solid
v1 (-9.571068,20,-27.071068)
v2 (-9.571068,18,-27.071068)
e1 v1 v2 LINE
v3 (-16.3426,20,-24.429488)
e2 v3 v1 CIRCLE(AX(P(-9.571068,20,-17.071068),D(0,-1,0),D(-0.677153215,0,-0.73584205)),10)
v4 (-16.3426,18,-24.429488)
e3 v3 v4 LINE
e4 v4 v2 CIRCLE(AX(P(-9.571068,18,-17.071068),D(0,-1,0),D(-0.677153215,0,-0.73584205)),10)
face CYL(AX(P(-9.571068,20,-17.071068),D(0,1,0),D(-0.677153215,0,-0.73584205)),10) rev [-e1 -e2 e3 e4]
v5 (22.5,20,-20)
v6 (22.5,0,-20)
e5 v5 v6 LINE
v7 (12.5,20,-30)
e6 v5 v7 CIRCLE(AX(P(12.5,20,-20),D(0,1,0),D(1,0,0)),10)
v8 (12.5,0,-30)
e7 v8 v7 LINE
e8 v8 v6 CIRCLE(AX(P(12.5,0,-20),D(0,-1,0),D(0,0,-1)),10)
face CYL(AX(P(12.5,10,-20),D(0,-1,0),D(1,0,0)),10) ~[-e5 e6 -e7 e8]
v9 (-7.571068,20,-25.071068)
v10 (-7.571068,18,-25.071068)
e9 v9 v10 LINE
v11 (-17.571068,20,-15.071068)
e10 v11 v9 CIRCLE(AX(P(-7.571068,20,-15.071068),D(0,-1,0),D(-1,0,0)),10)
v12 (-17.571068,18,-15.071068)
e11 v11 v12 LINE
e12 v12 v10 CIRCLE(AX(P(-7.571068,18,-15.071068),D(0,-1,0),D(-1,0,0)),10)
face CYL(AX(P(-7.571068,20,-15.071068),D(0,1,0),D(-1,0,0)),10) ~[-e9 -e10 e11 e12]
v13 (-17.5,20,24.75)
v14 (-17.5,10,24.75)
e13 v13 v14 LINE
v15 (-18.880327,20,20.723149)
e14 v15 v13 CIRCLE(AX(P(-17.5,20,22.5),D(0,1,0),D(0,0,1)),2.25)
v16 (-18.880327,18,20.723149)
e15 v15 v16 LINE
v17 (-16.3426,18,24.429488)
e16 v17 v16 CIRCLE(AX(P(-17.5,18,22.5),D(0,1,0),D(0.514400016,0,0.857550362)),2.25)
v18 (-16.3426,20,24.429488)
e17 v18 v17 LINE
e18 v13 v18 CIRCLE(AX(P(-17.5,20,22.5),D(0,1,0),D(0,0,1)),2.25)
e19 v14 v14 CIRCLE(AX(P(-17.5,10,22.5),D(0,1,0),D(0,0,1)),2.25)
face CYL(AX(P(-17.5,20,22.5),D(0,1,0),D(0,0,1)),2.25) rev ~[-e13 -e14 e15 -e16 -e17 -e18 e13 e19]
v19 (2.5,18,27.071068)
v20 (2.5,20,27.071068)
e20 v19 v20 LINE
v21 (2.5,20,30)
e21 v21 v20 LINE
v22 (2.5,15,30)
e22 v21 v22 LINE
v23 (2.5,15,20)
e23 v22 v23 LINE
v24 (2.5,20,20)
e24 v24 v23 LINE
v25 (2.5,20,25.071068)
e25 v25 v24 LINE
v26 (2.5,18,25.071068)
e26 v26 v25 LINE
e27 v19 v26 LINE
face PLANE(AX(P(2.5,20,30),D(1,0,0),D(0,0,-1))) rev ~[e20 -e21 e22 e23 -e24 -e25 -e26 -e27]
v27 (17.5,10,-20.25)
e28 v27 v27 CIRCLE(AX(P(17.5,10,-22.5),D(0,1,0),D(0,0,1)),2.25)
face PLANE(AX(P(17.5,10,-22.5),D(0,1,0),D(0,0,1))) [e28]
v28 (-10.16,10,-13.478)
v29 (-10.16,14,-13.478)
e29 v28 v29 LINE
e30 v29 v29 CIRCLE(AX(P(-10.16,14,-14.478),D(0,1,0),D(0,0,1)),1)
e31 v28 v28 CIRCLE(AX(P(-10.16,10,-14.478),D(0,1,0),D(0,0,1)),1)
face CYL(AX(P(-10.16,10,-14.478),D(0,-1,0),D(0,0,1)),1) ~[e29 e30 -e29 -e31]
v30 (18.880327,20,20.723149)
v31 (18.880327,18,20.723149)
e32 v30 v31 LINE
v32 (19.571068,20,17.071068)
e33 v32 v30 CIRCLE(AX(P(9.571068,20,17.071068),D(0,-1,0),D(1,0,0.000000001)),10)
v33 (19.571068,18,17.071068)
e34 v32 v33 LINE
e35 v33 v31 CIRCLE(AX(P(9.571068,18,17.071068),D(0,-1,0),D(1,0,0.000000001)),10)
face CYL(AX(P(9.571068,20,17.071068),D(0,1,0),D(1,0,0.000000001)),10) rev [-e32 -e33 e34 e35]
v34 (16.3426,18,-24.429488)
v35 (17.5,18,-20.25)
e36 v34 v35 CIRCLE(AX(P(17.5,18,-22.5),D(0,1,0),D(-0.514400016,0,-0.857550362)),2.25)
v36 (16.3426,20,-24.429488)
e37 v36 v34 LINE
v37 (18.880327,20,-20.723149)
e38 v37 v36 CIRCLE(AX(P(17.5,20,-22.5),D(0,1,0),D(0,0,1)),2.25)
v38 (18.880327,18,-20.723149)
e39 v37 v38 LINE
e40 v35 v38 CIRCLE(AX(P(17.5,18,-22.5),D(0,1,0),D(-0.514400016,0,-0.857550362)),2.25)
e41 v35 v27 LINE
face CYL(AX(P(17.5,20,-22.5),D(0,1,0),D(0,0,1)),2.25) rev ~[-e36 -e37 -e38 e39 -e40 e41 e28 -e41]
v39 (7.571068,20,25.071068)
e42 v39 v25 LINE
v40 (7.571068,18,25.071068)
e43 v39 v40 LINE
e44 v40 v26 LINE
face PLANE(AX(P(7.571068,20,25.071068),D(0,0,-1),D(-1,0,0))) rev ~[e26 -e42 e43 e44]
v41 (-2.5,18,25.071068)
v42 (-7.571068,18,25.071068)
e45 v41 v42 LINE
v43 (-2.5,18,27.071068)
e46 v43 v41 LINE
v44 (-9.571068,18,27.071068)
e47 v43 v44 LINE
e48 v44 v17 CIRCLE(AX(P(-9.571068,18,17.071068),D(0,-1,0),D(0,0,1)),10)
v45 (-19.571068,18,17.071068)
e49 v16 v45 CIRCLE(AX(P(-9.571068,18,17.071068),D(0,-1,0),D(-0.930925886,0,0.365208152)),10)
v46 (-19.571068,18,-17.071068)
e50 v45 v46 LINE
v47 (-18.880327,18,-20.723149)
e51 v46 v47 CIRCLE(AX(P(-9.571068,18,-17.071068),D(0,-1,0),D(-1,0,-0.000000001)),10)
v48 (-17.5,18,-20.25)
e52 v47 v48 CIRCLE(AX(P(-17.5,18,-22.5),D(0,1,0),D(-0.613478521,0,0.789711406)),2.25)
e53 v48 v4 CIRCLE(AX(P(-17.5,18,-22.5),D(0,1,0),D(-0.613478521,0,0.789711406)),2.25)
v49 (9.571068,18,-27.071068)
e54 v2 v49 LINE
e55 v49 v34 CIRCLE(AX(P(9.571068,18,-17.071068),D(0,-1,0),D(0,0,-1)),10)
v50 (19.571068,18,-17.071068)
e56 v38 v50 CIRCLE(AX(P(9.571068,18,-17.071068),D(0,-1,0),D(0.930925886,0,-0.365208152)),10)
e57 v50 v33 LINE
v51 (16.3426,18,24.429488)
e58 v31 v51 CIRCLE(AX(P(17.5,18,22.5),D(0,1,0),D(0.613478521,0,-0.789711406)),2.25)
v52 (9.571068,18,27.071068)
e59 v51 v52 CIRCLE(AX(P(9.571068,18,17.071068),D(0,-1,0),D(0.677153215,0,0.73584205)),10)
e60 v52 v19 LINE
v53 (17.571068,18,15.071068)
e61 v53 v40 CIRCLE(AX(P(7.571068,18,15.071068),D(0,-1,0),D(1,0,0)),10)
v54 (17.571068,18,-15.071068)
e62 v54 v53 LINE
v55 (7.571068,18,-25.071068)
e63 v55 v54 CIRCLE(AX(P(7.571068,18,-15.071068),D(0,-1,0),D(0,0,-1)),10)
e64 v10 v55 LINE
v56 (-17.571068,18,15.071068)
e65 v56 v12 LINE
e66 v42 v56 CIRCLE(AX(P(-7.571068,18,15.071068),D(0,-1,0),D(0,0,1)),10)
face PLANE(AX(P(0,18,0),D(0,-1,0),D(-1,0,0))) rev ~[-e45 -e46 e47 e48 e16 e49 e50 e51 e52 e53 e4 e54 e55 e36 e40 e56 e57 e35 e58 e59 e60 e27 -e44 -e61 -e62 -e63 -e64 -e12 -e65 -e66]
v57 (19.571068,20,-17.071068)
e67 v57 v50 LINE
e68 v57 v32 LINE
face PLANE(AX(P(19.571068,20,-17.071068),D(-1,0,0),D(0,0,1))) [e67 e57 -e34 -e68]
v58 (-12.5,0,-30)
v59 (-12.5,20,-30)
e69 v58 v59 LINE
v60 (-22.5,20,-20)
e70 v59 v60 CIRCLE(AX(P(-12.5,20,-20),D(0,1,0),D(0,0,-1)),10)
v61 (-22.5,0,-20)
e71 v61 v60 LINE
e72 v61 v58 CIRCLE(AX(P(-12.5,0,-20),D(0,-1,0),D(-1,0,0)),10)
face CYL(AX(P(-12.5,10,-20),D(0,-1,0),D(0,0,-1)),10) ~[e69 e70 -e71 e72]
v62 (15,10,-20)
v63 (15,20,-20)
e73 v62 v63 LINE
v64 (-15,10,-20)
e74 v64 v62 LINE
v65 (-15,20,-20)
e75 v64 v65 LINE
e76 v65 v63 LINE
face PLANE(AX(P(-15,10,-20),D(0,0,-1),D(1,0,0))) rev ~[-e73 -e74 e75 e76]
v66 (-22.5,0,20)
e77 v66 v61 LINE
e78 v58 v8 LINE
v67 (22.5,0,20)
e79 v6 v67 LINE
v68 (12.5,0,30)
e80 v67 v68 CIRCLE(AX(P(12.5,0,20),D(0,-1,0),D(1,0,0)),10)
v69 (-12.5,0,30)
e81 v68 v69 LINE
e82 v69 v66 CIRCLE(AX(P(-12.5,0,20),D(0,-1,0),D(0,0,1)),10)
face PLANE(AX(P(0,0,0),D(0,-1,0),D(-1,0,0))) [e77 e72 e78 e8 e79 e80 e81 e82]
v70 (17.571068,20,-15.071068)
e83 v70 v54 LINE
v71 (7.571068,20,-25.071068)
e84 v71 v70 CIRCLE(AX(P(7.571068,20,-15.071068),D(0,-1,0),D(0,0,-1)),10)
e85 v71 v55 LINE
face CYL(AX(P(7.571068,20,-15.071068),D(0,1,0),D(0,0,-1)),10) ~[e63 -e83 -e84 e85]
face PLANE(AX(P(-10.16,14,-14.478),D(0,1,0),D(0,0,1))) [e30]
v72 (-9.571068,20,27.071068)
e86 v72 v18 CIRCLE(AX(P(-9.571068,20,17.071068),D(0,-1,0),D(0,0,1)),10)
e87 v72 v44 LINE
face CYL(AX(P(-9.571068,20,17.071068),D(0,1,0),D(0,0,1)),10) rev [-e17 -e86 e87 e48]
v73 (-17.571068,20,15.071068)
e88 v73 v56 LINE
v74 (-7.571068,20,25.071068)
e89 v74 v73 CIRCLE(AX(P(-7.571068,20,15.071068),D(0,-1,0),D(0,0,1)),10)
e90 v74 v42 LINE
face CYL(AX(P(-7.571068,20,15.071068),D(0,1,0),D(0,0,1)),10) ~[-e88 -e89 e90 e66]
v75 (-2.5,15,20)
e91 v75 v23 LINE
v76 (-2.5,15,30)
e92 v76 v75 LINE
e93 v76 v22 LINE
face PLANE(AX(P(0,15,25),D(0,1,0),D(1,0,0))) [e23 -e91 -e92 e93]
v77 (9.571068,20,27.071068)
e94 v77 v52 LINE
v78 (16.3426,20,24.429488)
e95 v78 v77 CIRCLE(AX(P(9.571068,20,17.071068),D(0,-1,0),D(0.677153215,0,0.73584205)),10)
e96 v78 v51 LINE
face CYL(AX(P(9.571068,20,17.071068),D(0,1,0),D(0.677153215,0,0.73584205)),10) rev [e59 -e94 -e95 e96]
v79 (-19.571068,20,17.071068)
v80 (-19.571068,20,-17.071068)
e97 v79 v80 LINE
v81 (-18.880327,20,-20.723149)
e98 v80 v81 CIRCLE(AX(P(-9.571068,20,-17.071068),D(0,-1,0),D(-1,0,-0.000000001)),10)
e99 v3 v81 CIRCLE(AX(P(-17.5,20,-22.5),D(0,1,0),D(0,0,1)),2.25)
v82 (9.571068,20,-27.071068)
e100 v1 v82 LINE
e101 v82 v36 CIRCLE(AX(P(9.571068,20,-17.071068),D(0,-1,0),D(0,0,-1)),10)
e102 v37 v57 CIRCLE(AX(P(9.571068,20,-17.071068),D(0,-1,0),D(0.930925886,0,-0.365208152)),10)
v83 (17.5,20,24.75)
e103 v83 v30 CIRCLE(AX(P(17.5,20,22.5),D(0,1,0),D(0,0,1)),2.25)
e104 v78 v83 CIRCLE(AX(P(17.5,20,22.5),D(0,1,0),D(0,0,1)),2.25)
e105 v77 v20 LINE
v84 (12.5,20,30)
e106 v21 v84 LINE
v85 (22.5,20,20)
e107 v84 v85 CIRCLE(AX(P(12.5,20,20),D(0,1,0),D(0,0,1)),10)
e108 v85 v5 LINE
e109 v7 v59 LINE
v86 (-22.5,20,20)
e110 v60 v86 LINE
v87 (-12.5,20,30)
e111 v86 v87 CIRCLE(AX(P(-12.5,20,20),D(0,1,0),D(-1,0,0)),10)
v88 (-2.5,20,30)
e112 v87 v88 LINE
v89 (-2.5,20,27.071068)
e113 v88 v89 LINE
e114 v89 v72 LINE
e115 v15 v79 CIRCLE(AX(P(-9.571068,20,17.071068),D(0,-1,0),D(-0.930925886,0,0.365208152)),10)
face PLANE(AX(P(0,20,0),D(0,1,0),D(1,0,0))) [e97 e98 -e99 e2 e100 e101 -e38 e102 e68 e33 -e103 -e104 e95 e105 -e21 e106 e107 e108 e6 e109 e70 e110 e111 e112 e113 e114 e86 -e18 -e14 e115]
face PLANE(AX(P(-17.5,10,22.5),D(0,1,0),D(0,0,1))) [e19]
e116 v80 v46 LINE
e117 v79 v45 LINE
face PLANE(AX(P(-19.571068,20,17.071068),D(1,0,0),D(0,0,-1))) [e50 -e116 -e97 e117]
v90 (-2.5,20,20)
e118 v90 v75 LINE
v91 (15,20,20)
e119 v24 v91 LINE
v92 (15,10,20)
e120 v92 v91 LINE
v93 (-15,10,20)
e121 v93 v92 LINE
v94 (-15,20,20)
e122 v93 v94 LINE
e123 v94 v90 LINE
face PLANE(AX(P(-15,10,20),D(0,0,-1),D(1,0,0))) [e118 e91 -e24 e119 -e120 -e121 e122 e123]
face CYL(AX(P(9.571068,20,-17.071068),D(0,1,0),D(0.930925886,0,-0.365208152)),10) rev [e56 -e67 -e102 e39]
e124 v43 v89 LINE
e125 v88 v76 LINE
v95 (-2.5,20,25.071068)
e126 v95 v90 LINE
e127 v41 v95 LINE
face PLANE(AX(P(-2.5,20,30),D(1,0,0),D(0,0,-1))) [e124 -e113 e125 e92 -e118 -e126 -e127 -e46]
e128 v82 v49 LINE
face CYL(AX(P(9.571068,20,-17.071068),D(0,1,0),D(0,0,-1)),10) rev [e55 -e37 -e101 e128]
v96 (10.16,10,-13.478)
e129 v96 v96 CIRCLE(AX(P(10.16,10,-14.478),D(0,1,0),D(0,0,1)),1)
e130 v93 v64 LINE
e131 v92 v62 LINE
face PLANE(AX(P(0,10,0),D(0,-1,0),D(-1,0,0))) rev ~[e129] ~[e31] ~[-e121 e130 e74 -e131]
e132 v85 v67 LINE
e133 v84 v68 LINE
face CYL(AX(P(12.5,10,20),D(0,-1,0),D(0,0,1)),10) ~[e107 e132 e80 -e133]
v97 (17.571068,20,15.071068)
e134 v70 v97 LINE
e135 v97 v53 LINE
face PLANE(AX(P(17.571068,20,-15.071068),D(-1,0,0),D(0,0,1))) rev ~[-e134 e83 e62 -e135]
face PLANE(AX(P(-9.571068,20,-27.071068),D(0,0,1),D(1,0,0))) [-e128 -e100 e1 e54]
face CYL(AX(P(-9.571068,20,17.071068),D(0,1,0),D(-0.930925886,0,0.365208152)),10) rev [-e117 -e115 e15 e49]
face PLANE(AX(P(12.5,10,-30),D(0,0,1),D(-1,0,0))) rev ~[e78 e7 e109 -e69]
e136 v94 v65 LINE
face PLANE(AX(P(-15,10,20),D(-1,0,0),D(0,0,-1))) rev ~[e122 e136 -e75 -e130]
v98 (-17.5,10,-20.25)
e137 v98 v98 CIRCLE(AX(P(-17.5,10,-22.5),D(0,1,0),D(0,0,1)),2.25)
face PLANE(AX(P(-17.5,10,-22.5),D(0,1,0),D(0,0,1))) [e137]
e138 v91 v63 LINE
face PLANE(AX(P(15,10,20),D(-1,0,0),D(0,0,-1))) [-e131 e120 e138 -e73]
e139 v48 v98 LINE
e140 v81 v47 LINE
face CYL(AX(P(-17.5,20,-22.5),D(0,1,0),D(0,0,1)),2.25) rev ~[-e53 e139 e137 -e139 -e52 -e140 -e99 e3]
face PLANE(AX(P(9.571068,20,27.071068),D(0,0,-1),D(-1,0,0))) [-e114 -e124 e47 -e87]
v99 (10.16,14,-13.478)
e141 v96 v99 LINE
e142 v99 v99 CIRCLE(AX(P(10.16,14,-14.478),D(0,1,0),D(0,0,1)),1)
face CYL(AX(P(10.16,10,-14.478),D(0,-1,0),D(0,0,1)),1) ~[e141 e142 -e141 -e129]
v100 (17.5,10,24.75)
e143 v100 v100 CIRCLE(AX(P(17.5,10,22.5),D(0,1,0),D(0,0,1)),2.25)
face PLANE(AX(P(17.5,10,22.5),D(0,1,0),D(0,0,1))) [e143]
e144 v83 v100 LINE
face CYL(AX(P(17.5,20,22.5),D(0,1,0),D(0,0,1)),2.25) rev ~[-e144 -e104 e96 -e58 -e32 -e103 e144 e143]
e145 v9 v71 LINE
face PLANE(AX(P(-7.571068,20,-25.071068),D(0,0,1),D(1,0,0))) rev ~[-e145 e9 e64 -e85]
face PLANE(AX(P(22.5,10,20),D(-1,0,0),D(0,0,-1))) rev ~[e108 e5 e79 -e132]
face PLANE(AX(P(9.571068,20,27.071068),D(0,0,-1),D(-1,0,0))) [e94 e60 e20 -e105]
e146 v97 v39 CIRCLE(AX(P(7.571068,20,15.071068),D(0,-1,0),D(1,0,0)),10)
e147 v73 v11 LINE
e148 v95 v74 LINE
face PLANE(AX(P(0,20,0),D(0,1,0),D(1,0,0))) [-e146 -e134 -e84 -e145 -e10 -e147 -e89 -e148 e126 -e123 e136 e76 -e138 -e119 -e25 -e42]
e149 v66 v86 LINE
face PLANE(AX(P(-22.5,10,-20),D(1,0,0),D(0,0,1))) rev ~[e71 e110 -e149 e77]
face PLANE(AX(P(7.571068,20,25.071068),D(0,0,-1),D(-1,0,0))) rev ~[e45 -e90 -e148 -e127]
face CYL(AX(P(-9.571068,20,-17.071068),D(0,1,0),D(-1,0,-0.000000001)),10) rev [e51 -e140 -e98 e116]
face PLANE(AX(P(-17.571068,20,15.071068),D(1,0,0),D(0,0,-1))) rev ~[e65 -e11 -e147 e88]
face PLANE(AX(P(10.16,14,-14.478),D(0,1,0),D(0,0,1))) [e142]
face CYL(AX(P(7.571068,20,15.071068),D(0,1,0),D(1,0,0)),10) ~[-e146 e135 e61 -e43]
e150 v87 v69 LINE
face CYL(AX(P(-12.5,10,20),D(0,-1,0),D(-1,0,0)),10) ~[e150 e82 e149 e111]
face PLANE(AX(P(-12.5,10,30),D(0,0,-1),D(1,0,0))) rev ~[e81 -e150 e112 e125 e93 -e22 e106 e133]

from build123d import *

# Parameters (mm, degrees)
BOSS_EXTRU_1_DEPTH      = 10
ESQUISSE2_W             = 30
ESQUISSE2_H             = 40
BOSS_EXTRU_2_DEPTH      = 10
ESQUISSE3_R             = 1
BOSS_EXTRU_3_DEPTH      = 4
ESQUISSE4_W             = 5
ESQUISSE4_H             = 10
ENL_V_MAT_EXTRU_1_DEPTH = 5
ESQUISSE5_R             = 2.25
ENL_V_MAT_EXTRU_2_DEPTH = 10
CUT_EXTRUDE1_DEPTH      = 2


with BuildPart() as part:
    # Esquisse1 → Boss.-Extru.1 (new body)
    with BuildSketch(Plane(origin=(0, 0, 0), x_dir=(1, 0, 0), z_dir=(0, 1, 0))):
        with BuildLine():
            Line((-12.5, 30), (12.5, 30))
            ThreePointArc((12.5, 30), (19.571067812, 27.071067812), (22.5, 20))
            Line((22.5, 20), (22.5, -20))
            ThreePointArc((22.5, -20), (19.571067812, -27.071067812), (12.5, -30))
            Line((12.5, -30), (-12.5, -30))
            ThreePointArc((-12.5, -30), (-19.571067812, -27.071067812), (-22.5, -20))
            Line((-22.5, -20), (-22.5, 20))
            ThreePointArc((-22.5, 20), (-19.571067812, 27.071067812), (-12.5, 30))
        make_face()
    extrude(amount=BOSS_EXTRU_1_DEPTH)

    # Esquisse2 → Boss.-Extru.2 (add)
    with BuildSketch(Plane(origin=(0, 10, 0), x_dir=(1, 0, 0), z_dir=(0, 1, 0))):
        with BuildLine():
            ThreePointArc((22.5, 20), (19.571067812, 27.071067812), (12.5, 30))
            Line((12.5, 30), (-12.5, 30))
            ThreePointArc((-12.5, 30), (-19.571067812, 27.071067812), (-22.5, 20))
            Line((-22.5, 20), (-22.5, -20))
            ThreePointArc((-22.5, -20), (-19.571067812, -27.071067812), (-12.5, -30))
            Line((-12.5, -30), (12.5, -30))
            ThreePointArc((12.5, -30), (19.571067812, -27.071067812), (22.5, -20))
            Line((22.5, -20), (22.5, 20))
        make_face()
        Rectangle(ESQUISSE2_W, ESQUISSE2_H, mode=Mode.SUBTRACT)
    extrude(amount=BOSS_EXTRU_2_DEPTH)

    # Esquisse3 → Boss.-Extru.3 (add)
    with BuildSketch(Plane(origin=(0, 10, 0), x_dir=(1, 0, 0), z_dir=(0, 1, 0))):
        with Locations(Location((-10.16, 14.478, 0), (0, 0, 270))):
            Circle(ESQUISSE3_R)
        with Locations(Location((10.16, 14.478, 0), (0, 0, 270))):
            Circle(ESQUISSE3_R)
    extrude(amount=BOSS_EXTRU_3_DEPTH)

    # Esquisse4 → Enlèv. mat.-Extru.1 (cut)
    with BuildSketch(Plane(origin=(0, 20, 0), x_dir=(1, 0, 0), z_dir=(0, 1, 0))):
        with Locations((0, -25)):
            Rectangle(ESQUISSE4_W, ESQUISSE4_H)
    extrude(amount=-ENL_V_MAT_EXTRU_1_DEPTH, mode=Mode.SUBTRACT)

    # Esquisse5 → Enlèv. mat.-Extru.2 (cut)
    with BuildSketch(Plane(origin=(0, 20, 0), x_dir=(1, 0, 0), z_dir=(0, 1, 0))):
        with Locations(Location((-17.5, -22.5, 0), (0, 0, 270))):
            Circle(ESQUISSE5_R)
        with Locations(Location((17.5, -22.5, 0), (0, 0, 270))):
            Circle(ESQUISSE5_R)
        with Locations(Location((17.5, 22.5, 0), (0, 0, 270))):
            Circle(ESQUISSE5_R)
        with Locations(Location((-17.5, 22.5, 0), (0, 0, 270))):
            Circle(ESQUISSE5_R)
    extrude(amount=-ENL_V_MAT_EXTRU_2_DEPTH, mode=Mode.SUBTRACT)

    # Sketch1 → Cut-Extrude1 (cut)
    with BuildSketch(Plane(origin=(0, 20, 0), x_dir=(1, 0, 0), z_dir=(0, 1, 0))):
        with BuildLine():
            Line((-9.571067812, 27.071067812), (9.571067812, 27.071067812))
            ThreePointArc((9.571067812, 27.071067812), (13.20533493, 26.387295724), (16.342599965, 24.429488315))
            ThreePointArc((16.342599965, 24.429488315), (15.643481423, 21.228843529), (18.880326672, 20.723149337))
            ThreePointArc((18.880326672, 20.723149337), (19.396865199, 18.929482646), (19.571067812, 17.071067812))
            Line((19.571067812, 17.071067812), (19.571067812, -17.071067812))
            ThreePointArc((19.571067812, -17.071067812), (19.396865199, -18.929482646), (18.880326672, -20.723149337))
            ThreePointArc((18.880326672, -20.723149337), (15.643481423, -21.228843529), (16.342599965, -24.429488315))
            ThreePointArc((16.342599965, -24.429488315), (13.20533493, -26.387295724), (9.571067812, -27.071067812))
            Line((9.571067812, -27.071067812), (-9.571067812, -27.071067812))
            ThreePointArc((-9.571067812, -27.071067812), (-13.20533493, -26.387295724), (-16.342599965, -24.429488315))
            ThreePointArc((-16.342599965, -24.429488315), (-15.643481423, -21.228843529), (-18.880326672, -20.723149337))
            ThreePointArc((-18.880326672, -20.723149337), (-19.396865199, -18.929482646), (-19.571067812, -17.071067812))
            Line((-19.571067812, -17.071067812), (-19.571067812, 17.071067812))
            ThreePointArc((-19.571067812, 17.071067812), (-19.396865199, 18.929482646), (-18.880326672, 20.723149337))
            ThreePointArc((-18.880326672, 20.723149337), (-15.643481423, 21.228843529), (-16.342599965, 24.429488315))
            ThreePointArc((-16.342599965, 24.429488315), (-13.20533493, 26.387295724), (-9.571067812, 27.071067812))
        make_face()
        with BuildLine():
            Line((-7.571067812, 25.071067812), (7.571067812, 25.071067812))
            ThreePointArc((7.571067812, 25.071067812), (14.642135624, 22.142135624), (17.571067812, 15.071067812))
            Line((17.571067812, 15.071067812), (17.571067812, -15.071067812))
            ThreePointArc((17.571067812, -15.071067812), (14.642135624, -22.142135624), (7.571067812, -25.071067812))
            Line((7.571067812, -25.071067812), (-7.571067812, -25.071067812))
            ThreePointArc((-7.571067812, -25.071067812), (-14.642135624, -22.142135624), (-17.571067812, -15.071067812))
            Line((-17.571067812, -15.071067812), (-17.571067812, 15.071067812))
            ThreePointArc((-17.571067812, 15.071067812), (-14.642135624, 22.142135624), (-7.571067812, 25.071067812))
        make_face(mode=Mode.SUBTRACT)
    extrude(amount=-CUT_EXTRUDE1_DEPTH, mode=Mode.SUBTRACT)


solid = part.part
